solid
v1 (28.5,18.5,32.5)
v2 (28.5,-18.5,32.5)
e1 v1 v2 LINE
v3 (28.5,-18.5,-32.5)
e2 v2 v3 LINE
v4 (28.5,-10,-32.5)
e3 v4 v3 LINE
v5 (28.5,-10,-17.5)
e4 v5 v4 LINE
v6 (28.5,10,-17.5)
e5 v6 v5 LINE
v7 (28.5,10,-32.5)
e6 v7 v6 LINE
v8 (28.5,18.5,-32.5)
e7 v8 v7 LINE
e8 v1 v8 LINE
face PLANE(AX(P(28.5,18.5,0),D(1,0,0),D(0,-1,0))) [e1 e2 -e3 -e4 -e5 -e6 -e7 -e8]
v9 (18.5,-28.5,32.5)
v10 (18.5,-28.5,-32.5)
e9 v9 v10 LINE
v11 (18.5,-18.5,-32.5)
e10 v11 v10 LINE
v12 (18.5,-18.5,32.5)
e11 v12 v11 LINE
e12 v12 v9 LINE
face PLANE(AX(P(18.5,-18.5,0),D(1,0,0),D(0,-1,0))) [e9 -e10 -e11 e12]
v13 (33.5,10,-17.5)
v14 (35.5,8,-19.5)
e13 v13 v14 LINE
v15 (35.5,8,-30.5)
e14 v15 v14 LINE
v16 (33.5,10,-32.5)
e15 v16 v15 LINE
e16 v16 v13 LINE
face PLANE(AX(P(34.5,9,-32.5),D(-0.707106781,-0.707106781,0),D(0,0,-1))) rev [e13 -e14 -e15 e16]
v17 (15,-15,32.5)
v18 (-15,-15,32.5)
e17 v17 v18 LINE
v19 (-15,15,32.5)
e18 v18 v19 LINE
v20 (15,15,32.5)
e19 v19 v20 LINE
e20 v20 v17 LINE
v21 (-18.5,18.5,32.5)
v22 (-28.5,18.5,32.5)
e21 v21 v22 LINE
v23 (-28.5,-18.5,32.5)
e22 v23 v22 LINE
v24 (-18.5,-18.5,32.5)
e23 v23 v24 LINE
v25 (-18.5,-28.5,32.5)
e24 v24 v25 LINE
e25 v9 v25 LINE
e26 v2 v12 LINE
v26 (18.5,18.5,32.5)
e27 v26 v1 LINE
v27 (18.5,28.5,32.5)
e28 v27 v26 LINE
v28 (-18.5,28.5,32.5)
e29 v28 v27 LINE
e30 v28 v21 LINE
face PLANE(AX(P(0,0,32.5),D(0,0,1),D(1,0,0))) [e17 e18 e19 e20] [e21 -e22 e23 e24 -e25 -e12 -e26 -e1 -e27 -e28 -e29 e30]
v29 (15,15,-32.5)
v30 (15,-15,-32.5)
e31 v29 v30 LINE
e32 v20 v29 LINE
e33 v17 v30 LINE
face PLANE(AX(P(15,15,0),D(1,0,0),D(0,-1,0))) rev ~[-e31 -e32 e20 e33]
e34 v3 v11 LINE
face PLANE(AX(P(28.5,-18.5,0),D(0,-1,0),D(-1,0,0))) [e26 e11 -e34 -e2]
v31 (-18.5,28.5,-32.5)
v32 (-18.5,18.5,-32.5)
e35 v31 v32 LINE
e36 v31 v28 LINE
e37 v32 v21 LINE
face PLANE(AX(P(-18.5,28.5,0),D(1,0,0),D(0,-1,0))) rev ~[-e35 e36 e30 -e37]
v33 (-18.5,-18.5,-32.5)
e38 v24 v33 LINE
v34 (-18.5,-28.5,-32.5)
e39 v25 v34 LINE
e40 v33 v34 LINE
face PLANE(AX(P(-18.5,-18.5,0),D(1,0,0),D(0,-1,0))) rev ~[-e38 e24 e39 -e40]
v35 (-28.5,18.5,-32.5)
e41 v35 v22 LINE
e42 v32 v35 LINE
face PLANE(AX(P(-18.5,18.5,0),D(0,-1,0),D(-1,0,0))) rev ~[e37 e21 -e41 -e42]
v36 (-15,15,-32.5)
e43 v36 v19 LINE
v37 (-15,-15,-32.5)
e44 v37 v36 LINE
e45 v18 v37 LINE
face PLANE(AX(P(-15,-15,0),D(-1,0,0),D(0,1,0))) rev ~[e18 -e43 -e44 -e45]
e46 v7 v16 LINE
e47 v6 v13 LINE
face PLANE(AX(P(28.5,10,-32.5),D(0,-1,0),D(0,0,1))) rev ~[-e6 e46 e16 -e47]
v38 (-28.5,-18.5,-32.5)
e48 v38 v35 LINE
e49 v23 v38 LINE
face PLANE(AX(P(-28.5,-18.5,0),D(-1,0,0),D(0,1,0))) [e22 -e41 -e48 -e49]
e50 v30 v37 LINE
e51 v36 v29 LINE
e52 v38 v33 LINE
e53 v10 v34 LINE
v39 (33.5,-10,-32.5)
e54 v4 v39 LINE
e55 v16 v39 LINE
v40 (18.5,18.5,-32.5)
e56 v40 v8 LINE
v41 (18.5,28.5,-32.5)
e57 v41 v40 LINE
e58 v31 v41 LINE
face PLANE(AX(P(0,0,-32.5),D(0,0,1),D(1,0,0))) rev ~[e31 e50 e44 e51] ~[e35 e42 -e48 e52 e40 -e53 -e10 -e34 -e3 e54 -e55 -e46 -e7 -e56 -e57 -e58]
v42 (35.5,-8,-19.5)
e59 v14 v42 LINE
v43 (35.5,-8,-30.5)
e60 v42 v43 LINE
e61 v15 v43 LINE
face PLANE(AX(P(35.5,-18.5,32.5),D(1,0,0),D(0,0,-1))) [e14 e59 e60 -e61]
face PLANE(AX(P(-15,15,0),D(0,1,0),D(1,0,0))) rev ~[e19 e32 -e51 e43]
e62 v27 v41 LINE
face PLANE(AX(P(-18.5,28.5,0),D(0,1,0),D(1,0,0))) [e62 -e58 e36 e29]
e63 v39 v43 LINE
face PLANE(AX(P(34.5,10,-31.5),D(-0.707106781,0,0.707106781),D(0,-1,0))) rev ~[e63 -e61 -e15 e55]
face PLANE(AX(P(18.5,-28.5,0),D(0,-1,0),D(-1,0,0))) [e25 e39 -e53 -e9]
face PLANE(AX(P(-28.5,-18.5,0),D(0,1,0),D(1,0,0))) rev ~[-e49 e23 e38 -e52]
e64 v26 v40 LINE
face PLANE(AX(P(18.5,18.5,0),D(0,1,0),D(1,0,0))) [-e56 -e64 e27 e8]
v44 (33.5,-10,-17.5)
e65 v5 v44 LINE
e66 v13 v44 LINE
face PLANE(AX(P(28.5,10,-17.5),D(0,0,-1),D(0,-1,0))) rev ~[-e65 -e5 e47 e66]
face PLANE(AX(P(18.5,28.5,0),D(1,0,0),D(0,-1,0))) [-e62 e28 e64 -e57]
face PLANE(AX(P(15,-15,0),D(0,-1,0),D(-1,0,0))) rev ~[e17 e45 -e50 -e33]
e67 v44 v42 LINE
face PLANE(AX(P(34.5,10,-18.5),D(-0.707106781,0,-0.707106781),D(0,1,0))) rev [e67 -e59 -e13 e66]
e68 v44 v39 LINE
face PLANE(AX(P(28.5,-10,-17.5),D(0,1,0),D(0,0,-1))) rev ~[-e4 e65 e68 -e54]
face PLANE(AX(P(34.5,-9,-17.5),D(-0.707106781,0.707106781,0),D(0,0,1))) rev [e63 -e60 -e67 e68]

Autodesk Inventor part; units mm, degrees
ref_plane "YZ Plane" through (0, 0, 0) normal (1, 0, 0) x (0, 1, 0)
ref_plane "XZ Plane" through (0, 0, 0) normal (0, 1, 0) x (-1, 0, 0)
ref_plane "XY Plane" through (0, 0, 0) normal (0, 0, 1) x (1, 0, 0)
sketch "Sketch1" plane through (0, 0, 0) normal (0, 0, 1) x (1, 0, 0)
  line L0 (-28.5, 28.5) -> (28.5, 28.5)
  line L1 (28.5, 28.5) -> (28.5, -28.5)
  line L2 (28.5, -28.5) -> (-28.5, -28.5)
  line L3 (-28.5, -28.5) -> (-28.5, 28.5)
  line L4 (-15, 15) -> (15, 15)
  line L5 (15, 15) -> (15, -15)
  line L6 (15, -15) -> (-15, -15)
  line L7 (-15, -15) -> (-15, 15)
  line L8 (-18.5, 28.5) -> (-18.5, 18.5)
  line L9 (-18.5, 18.5) -> (-28.5, 18.5)
  line L10 (18.5, 28.5) -> (18.5, 18.5)
  line L11 (18.5, 18.5) -> (28.5, 18.5)
  line L12 (28.5, -18.5) -> (18.5, -18.5)
  line L13 (18.5, -18.5) -> (18.5, -28.5)
  line L14 (-28.5, -18.5) -> (-18.5, -18.5)
  line L15 (-18.5, -18.5) -> (-18.5, -28.5)
  line L16 (-18.5, 28.5) -> (18.5, 28.5)
  line L17 (28.5, 18.5) -> (28.5, -18.5)
  line L18 (18.5, -28.5) -> (-18.5, -28.5)
  line L19 (-28.5, -18.5) -> (-28.5, 18.5)
  point P0 (0, 0)
  dimension "d0" = 28.5
  dimension "d1" = 28.5
  dimension "d2" = 57
  dimension "d3" = 57
  dimension "d4" = 30
  dimension "d5" = 30
  dimension "d6" = 15
  dimension "d7" = 15
  dimension "d8" = 10
  dimension "d9" = 10
  dimension "d10" = 10
  dimension "d11" = 10
  dimension "d12" = 10
  dimension "d13" = 10
  dimension "d14" = 10
extrude "Extrusion1" add sketch "Sketch1" along normal mid plane 65 contours L0 L10 L11 L1 L12 L13 L2 L15 L14 L3 L9 L8
sketch "Sketch2" plane through (28.5, -18.5, 32.5) normal (1, 0, 0) x (0, 0, -1)
  line L0 (65, 33.5) -> (65, 3.5) projected
  line L1 (65, 18.5) -> (65, 28.5)
  line L2 (65, 28.5) -> (50, 28.5)
  line L3 (50, 28.5) -> (50, 8.5)
  line L4 (50, 8.5) -> (65, 8.5)
  point P0 (32.5, 18.5)
  dimension "d17" = 10
  dimension "d20" = 15
  dimension "d22" = 20
extrude "Extrusion2" add sketch "Sketch2" along normal blind 7
chamfer "Chamfer1" distance 2 angle 45 4 edges at (35.5, 10, -25) (35.5, 0, -32.5) (35.5, -10, -25) (35.5, 0, -17.5)
properties part number "MotorBody"
